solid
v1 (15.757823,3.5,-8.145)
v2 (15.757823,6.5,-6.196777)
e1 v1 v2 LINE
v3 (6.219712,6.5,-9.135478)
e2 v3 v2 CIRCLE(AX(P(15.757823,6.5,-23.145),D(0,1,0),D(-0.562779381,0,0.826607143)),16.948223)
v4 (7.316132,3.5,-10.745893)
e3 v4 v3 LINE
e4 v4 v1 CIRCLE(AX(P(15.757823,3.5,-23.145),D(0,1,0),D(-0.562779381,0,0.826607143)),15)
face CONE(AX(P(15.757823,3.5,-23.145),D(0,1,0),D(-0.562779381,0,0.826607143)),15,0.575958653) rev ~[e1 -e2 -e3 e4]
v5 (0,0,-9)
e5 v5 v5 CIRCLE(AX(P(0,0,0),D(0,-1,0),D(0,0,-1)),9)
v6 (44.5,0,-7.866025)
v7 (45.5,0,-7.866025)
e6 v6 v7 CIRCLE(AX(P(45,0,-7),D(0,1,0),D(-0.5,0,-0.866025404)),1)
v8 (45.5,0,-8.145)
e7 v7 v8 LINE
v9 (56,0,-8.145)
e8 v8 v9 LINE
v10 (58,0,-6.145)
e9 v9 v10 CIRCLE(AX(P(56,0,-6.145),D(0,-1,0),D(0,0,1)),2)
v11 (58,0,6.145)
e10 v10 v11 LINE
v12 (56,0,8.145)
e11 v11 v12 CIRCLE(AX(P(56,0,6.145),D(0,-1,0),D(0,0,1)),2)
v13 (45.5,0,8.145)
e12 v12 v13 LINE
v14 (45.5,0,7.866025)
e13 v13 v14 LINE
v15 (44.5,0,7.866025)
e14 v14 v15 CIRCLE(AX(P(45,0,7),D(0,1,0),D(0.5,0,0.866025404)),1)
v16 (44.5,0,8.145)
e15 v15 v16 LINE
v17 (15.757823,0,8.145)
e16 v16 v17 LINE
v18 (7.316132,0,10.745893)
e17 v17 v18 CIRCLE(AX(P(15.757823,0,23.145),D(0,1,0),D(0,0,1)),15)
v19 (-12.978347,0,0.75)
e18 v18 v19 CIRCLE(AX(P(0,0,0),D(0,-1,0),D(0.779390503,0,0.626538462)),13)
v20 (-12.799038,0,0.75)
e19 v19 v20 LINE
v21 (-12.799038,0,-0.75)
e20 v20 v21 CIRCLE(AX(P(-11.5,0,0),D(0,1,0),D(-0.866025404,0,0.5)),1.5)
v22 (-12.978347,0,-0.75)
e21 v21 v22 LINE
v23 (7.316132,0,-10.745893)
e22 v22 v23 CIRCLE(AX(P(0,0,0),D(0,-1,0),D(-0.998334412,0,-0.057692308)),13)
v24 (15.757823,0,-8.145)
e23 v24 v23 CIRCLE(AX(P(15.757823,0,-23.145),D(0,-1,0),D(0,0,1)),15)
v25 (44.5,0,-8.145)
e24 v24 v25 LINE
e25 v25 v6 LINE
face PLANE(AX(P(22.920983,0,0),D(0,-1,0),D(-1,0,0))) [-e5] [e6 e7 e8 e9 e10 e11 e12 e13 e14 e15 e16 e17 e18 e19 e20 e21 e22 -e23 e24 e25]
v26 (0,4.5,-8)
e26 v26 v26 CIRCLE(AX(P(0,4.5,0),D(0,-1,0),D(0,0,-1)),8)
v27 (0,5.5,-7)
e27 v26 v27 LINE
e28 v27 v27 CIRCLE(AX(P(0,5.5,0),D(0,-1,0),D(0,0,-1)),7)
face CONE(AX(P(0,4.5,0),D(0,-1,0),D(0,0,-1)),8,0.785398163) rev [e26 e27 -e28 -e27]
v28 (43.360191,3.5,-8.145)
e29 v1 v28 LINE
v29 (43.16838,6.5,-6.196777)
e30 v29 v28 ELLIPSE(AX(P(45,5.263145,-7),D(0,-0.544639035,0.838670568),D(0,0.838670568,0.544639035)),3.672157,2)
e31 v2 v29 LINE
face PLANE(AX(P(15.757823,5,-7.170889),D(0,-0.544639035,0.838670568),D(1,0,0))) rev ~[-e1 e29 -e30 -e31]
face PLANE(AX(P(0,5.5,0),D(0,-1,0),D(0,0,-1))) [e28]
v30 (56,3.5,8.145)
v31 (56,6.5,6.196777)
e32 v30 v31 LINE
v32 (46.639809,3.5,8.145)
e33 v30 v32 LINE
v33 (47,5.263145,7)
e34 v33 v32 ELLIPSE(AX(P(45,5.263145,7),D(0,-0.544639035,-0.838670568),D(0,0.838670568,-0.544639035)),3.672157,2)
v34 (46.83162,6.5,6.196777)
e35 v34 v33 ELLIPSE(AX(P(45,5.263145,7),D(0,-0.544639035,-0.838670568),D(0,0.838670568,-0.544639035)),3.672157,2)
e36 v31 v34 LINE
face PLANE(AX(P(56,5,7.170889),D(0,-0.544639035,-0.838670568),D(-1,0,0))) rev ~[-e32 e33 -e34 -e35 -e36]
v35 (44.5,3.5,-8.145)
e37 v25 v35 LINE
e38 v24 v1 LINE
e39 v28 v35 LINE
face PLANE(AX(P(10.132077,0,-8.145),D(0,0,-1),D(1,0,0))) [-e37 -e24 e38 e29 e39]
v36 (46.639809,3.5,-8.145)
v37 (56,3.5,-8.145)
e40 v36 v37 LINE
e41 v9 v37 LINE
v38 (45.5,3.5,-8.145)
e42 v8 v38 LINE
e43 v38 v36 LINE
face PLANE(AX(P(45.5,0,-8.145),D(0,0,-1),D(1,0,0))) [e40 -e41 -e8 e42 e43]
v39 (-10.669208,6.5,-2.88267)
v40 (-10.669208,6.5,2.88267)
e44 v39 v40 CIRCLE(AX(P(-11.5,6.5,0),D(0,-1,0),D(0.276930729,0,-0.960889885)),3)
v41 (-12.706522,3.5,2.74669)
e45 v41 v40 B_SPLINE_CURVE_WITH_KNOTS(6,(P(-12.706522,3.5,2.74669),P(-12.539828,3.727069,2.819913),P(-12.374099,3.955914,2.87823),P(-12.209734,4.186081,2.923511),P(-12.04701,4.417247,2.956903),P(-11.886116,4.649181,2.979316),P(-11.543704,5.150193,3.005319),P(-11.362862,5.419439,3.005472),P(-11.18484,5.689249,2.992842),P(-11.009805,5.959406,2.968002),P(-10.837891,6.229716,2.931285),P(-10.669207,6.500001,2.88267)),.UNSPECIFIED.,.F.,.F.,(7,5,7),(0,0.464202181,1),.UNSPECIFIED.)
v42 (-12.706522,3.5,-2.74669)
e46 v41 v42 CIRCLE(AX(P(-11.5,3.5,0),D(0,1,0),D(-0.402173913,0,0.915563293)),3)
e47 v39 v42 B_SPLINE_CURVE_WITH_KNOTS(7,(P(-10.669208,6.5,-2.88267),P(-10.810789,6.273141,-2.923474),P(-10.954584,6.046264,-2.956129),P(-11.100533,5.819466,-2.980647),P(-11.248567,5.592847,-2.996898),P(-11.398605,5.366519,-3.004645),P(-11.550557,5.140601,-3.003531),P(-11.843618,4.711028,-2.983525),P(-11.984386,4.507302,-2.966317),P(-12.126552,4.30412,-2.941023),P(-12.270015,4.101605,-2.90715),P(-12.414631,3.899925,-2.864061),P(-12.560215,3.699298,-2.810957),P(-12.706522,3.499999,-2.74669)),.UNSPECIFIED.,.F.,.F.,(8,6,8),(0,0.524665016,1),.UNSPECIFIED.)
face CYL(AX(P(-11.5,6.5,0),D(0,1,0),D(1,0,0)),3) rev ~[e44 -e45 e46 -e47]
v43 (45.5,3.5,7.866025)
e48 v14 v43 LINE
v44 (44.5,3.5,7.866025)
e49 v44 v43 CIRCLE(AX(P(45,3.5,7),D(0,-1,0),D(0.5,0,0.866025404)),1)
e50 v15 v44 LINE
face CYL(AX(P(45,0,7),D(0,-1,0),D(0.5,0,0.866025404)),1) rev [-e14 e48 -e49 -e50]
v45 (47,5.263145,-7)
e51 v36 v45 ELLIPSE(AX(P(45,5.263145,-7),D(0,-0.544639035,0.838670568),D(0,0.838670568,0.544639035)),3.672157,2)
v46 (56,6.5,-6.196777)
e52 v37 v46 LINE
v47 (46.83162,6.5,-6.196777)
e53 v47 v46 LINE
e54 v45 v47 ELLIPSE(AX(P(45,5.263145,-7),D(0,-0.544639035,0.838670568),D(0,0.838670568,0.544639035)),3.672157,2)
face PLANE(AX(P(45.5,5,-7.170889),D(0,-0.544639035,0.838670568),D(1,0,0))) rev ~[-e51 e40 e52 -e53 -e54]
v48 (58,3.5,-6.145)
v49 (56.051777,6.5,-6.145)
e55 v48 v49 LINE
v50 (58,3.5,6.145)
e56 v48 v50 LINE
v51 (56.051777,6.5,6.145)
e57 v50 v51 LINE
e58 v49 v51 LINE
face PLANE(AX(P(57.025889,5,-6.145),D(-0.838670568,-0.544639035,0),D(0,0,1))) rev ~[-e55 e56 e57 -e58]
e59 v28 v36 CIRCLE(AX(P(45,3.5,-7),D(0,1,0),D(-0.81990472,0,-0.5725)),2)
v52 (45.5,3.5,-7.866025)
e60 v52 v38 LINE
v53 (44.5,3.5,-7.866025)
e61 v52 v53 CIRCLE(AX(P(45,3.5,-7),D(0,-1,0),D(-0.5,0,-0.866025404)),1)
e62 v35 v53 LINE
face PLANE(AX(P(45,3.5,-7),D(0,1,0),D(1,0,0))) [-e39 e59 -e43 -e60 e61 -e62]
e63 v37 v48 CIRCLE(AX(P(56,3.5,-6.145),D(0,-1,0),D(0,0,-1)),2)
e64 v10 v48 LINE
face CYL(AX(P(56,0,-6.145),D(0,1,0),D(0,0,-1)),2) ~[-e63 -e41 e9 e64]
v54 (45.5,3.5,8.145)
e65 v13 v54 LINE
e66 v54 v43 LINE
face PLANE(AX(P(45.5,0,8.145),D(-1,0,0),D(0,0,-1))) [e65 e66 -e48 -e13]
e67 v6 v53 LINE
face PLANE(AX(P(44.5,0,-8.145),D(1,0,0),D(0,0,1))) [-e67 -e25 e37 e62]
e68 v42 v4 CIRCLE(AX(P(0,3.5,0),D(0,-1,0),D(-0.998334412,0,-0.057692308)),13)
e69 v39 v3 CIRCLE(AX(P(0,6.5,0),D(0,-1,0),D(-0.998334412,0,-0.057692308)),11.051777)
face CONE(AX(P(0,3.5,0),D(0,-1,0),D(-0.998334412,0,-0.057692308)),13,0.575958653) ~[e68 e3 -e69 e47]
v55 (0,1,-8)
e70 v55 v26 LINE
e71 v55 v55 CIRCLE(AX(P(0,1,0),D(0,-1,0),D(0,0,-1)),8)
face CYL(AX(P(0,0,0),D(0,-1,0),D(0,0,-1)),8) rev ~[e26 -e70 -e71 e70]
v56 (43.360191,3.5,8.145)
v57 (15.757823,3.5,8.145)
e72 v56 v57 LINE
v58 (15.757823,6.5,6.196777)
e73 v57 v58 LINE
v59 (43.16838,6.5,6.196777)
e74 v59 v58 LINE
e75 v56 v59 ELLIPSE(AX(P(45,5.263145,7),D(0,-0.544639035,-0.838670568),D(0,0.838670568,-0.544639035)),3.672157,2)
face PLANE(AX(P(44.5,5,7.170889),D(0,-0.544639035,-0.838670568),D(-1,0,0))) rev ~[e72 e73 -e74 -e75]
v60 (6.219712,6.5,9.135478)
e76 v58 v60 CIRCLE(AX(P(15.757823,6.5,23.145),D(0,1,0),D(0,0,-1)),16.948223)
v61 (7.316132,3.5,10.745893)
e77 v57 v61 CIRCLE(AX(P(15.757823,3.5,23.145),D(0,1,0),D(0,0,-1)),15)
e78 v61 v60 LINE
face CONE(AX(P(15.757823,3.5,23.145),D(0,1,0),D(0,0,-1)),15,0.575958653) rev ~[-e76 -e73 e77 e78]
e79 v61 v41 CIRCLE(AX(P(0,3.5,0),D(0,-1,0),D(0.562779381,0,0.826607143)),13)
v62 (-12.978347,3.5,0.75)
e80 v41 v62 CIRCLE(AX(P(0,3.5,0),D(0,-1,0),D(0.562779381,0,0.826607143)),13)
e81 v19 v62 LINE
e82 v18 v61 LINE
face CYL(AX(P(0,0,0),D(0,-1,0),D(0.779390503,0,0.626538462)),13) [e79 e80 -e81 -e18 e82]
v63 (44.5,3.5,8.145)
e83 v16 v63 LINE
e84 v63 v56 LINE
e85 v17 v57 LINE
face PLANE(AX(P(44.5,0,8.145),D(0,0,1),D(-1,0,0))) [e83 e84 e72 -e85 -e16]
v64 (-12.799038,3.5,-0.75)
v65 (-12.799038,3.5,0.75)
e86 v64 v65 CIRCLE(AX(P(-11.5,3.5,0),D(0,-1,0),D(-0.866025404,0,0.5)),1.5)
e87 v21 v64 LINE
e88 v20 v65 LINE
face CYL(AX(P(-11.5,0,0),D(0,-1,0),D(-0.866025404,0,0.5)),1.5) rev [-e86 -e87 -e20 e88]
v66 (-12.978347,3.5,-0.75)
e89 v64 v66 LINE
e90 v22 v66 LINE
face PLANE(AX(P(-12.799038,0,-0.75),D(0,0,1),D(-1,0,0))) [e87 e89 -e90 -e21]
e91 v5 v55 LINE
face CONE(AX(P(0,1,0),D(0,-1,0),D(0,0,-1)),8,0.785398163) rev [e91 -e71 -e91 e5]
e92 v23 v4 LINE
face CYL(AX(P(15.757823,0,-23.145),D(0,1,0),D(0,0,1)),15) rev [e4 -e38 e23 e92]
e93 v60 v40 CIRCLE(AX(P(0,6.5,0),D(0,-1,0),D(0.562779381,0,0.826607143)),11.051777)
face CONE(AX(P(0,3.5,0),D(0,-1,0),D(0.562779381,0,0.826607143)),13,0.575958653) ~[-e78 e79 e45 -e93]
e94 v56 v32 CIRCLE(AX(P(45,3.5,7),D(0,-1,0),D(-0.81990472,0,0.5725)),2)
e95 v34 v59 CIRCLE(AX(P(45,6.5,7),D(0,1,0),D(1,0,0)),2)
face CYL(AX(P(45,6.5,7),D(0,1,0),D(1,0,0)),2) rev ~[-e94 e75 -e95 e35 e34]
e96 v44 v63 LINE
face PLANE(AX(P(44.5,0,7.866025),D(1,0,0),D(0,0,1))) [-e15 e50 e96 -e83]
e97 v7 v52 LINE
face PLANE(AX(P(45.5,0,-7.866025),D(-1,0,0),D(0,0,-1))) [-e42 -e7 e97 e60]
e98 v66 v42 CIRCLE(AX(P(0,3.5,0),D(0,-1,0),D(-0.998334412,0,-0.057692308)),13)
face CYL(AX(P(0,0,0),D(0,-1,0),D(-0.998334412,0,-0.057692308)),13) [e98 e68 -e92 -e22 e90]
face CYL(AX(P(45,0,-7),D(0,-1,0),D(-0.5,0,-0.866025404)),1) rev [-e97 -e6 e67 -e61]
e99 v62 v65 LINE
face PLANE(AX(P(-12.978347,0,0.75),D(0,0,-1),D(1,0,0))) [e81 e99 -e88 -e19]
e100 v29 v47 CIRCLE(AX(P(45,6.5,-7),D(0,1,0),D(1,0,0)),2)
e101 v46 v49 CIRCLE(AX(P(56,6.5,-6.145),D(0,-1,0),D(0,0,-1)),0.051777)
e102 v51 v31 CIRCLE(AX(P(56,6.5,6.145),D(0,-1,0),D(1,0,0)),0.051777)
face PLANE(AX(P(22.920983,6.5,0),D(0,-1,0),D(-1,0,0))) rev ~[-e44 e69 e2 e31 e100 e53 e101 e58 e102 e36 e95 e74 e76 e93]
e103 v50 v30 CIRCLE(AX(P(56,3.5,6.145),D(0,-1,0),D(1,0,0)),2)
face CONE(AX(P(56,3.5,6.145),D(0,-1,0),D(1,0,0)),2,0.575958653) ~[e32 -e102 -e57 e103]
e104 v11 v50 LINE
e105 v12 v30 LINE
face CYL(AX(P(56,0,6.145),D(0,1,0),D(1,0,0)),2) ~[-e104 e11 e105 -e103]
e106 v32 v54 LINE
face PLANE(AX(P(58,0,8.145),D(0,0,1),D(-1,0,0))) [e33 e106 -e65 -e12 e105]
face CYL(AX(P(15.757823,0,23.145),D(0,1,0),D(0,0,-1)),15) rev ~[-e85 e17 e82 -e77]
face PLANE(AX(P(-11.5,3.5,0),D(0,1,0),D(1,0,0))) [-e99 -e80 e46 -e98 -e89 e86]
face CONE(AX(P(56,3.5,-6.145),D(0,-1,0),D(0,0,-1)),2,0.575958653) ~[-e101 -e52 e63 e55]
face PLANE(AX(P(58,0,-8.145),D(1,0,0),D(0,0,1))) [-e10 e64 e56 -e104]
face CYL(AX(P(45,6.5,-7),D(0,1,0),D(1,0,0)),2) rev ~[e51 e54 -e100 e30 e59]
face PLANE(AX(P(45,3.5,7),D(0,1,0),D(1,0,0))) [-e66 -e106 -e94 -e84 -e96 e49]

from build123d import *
from OCP.BRepFilletAPI import BRepFilletAPI_MakeChamfer

# Parameters (mm, degrees)
BOSS_EXTRUDE1_DEPTH = 6.5
SKETCH3_R           = 8
CUT_EXTRUDE2_DEPTH  = 5.5
CHAMFER4_SIZE       = 1
FILLET3_R           = 2
FILLET4_R           = 15
CHAMFER7_SIZE       = 3
CHAMFER7_SIZE2      = 1.94822278
SKETCH4_R           = 2
SKETCH4_R_2         = 3
CUT_EXTRUDE7_DEPTH  = 3


with BuildPart() as part:
    # Sketch1 → Boss-Extrude1 (new body)
    with BuildSketch(Plane(origin=(0, 0, 0), x_dir=(1, 0, 0), z_dir=(0, 1, 0))):
        with BuildLine():
            Line((10.132076539, 8.145), (44.5, 8.145))
            Line((44.5, 8.145), (44.5, 7.866025404))
            ThreePointArc((44.5, 7.866025404), (45, 6), (45.5, 7.866025404))
            Line((45.5, 7.866025404), (45.5, 8.145))
            Line((45.5, 8.145), (58, 8.145))
            Line((58, 8.145), (58, -8.145))
            Line((58, -8.145), (45.5, -8.145))
            Line((45.5, -8.145), (45.5, -7.866025404))
            ThreePointArc((45.5, -7.866025404), (45, -6), (44.5, -7.866025404))
            Line((44.5, -7.866025404), (44.5, -8.145))
            Line((44.5, -8.145), (10.132076539, -8.145))
            ThreePointArc((10.132076539, -8.145), (-3.961921331, -12.381566111), (-12.978347352, -0.75))
            Line((-12.978347352, -0.75), (-12.799038106, -0.75))
            ThreePointArc((-12.799038106, -0.75), (-10, 0), (-12.799038106, 0.75))
            Line((-12.799038106, 0.75), (-12.978347352, 0.75))
            ThreePointArc((-12.978347352, 0.75), (-3.961921331, 12.381566111), (10.132076539, 8.145))
        make_face()
    extrude(amount=BOSS_EXTRUDE1_DEPTH)

    # Sketch3 → Cut-Extrude2 (cut)
    with BuildSketch(Plane.XZ):
        with Locations(Location((0, 0, 0), (0, 0, 270))):
            Circle(SKETCH3_R)
    extrude(amount=-CUT_EXTRUDE2_DEPTH, mode=Mode.SUBTRACT)

    # Chamfer4
    chamfer4_edges = [part.edges().sort_by_distance(p)[0] for p in [
        (0, 5.5, 8),
        (0, 0, 8),
    ]]
    chamfer(chamfer4_edges, length=CHAMFER4_SIZE)

    # Fillet3
    fillet3_edges = [part.edges().sort_by_distance(p)[0] for p in [
        (58, 3.25, -8.145),
        (58, 3.25, 8.145),
    ]]
    fillet(fillet3_edges, radius=FILLET3_R)

    # Fillet4
    fillet4_edges = [part.edges().sort_by_distance(p)[0] for p in [
        (10.132076539, 3.25, -8.145),
        (10.132076539, 3.25, 8.145),
    ]]
    fillet(fillet4_edges, radius=FILLET4_R)

    # Chamfer7: one chamfer whose edges measure the first distance from different faces: ONE call of the kernel's chamfer builder (chamfer() names one face for all edges)
    chamfer7_edges_1 = [part.edges().sort_by_distance(p)[0] for p in [
        (-5.74409604, 6.5, -11.662133625),
    ]]
    chamfer7_side_1 = [part.faces().sort_by_distance(p)[0] for p in [
        (-5.74409604, 3.25, -11.662133625),
    ]]
    chamfer7_edges_2 = [part.edges().sort_by_distance(p)[0] for p in [
        (11.341184071, 6.5, -8.80996238),
    ]]
    chamfer7_side_2 = [part.faces().sort_by_distance(p)[0] for p in [
        (11.341184071, 3.25, -8.80996238),
    ]]
    chamfer7_edges_3 = [part.edges().sort_by_distance(p)[0] for p in [
        (30.12891133, 6.5, -8.145),
    ]]
    chamfer7_side_3 = [part.faces().sort_by_distance(p)[0] for p in [
        (30.12891133, 3.25, -8.145),
    ]]
    chamfer7_edges_4 = [part.edges().sort_by_distance(p)[0] for p in [
        (50.75, 6.5, -8.145),
    ]]
    chamfer7_side_4 = [part.faces().sort_by_distance(p)[0] for p in [
        (50.75, 3.25, -8.145),
    ]]
    chamfer7_edges_5 = [part.edges().sort_by_distance(p)[0] for p in [
        (57.414213562, 6.5, -7.559213562),
    ]]
    chamfer7_side_5 = [part.faces().sort_by_distance(p)[0] for p in [
        (57.414213562, 3.25, -7.559213562),
    ]]
    chamfer7_edges_6 = [part.edges().sort_by_distance(p)[0] for p in [
        (58, 6.5, 0),
    ]]
    chamfer7_side_6 = [part.faces().sort_by_distance(p)[0] for p in [
        (58, 3.25, 0),
    ]]
    chamfer7_edges_7 = [part.edges().sort_by_distance(p)[0] for p in [
        (57.414213562, 6.5, 7.559213562),
    ]]
    chamfer7_side_7 = [part.faces().sort_by_distance(p)[0] for p in [
        (57.414213562, 3.25, 7.559213562),
    ]]
    chamfer7_edges_8 = [part.edges().sort_by_distance(p)[0] for p in [
        (50.75, 6.5, 8.145),
    ]]
    chamfer7_side_8 = [part.faces().sort_by_distance(p)[0] for p in [
        (50.75, 3.25, 8.145),
    ]]
    chamfer7_edges_9 = [part.edges().sort_by_distance(p)[0] for p in [
        (30.12891133, 6.5, 8.145),
    ]]
    chamfer7_side_9 = [part.faces().sort_by_distance(p)[0] for p in [
        (30.12891133, 3.25, 8.145),
    ]]
    chamfer7_edges_10 = [part.edges().sort_by_distance(p)[0] for p in [
        (11.341184071, 6.5, 8.80996238),
    ]]
    chamfer7_side_10 = [part.faces().sort_by_distance(p)[0] for p in [
        (11.341184071, 3.25, 8.80996238),
    ]]
    chamfer7_edges_11 = [part.edges().sort_by_distance(p)[0] for p in [
        (-5.74409604, 6.5, 11.662133625),
    ]]
    chamfer7_side_11 = [part.faces().sort_by_distance(p)[0] for p in [
        (-5.74409604, 3.25, 11.662133625),
    ]]
    chamfer7 = BRepFilletAPI_MakeChamfer(part.part.solid().wrapped)
    for e in chamfer7_edges_1:
        chamfer7.Add(CHAMFER7_SIZE, CHAMFER7_SIZE2, e.wrapped, chamfer7_side_1[0].wrapped)  # the first distance lies on this face
    for e in chamfer7_edges_2:
        chamfer7.Add(CHAMFER7_SIZE, CHAMFER7_SIZE2, e.wrapped, chamfer7_side_2[0].wrapped)  # the first distance lies on this face
    for e in chamfer7_edges_3:
        chamfer7.Add(CHAMFER7_SIZE, CHAMFER7_SIZE2, e.wrapped, chamfer7_side_3[0].wrapped)  # the first distance lies on this face
    for e in chamfer7_edges_4:
        chamfer7.Add(CHAMFER7_SIZE, CHAMFER7_SIZE2, e.wrapped, chamfer7_side_4[0].wrapped)  # the first distance lies on this face
    for e in chamfer7_edges_5:
        chamfer7.Add(CHAMFER7_SIZE, CHAMFER7_SIZE2, e.wrapped, chamfer7_side_5[0].wrapped)  # the first distance lies on this face
    for e in chamfer7_edges_6:
        chamfer7.Add(CHAMFER7_SIZE, CHAMFER7_SIZE2, e.wrapped, chamfer7_side_6[0].wrapped)  # the first distance lies on this face
    for e in chamfer7_edges_7:
        chamfer7.Add(CHAMFER7_SIZE, CHAMFER7_SIZE2, e.wrapped, chamfer7_side_7[0].wrapped)  # the first distance lies on this face
    for e in chamfer7_edges_8:
        chamfer7.Add(CHAMFER7_SIZE, CHAMFER7_SIZE2, e.wrapped, chamfer7_side_8[0].wrapped)  # the first distance lies on this face
    for e in chamfer7_edges_9:
        chamfer7.Add(CHAMFER7_SIZE, CHAMFER7_SIZE2, e.wrapped, chamfer7_side_9[0].wrapped)  # the first distance lies on this face
    for e in chamfer7_edges_10:
        chamfer7.Add(CHAMFER7_SIZE, CHAMFER7_SIZE2, e.wrapped, chamfer7_side_10[0].wrapped)  # the first distance lies on this face
    for e in chamfer7_edges_11:
        chamfer7.Add(CHAMFER7_SIZE, CHAMFER7_SIZE2, e.wrapped, chamfer7_side_11[0].wrapped)  # the first distance lies on this face
    add(Compound.cast(chamfer7.Shape()), mode=Mode.REPLACE)

    # Sketch4 → Cut-Extrude7 (cut)
    with BuildSketch(Plane(origin=(0, 6.5, 0), x_dir=(1, 0, 0), z_dir=(0, 1, 0))):
        with Locations((45, 7)):
            Circle(SKETCH4_R)
        with Locations((45, -7)):
            Circle(SKETCH4_R)
        with Locations((-11.5, 0)):
            Circle(SKETCH4_R_2)
    extrude(amount=-CUT_EXTRUDE7_DEPTH, mode=Mode.SUBTRACT)


solid = part.part
